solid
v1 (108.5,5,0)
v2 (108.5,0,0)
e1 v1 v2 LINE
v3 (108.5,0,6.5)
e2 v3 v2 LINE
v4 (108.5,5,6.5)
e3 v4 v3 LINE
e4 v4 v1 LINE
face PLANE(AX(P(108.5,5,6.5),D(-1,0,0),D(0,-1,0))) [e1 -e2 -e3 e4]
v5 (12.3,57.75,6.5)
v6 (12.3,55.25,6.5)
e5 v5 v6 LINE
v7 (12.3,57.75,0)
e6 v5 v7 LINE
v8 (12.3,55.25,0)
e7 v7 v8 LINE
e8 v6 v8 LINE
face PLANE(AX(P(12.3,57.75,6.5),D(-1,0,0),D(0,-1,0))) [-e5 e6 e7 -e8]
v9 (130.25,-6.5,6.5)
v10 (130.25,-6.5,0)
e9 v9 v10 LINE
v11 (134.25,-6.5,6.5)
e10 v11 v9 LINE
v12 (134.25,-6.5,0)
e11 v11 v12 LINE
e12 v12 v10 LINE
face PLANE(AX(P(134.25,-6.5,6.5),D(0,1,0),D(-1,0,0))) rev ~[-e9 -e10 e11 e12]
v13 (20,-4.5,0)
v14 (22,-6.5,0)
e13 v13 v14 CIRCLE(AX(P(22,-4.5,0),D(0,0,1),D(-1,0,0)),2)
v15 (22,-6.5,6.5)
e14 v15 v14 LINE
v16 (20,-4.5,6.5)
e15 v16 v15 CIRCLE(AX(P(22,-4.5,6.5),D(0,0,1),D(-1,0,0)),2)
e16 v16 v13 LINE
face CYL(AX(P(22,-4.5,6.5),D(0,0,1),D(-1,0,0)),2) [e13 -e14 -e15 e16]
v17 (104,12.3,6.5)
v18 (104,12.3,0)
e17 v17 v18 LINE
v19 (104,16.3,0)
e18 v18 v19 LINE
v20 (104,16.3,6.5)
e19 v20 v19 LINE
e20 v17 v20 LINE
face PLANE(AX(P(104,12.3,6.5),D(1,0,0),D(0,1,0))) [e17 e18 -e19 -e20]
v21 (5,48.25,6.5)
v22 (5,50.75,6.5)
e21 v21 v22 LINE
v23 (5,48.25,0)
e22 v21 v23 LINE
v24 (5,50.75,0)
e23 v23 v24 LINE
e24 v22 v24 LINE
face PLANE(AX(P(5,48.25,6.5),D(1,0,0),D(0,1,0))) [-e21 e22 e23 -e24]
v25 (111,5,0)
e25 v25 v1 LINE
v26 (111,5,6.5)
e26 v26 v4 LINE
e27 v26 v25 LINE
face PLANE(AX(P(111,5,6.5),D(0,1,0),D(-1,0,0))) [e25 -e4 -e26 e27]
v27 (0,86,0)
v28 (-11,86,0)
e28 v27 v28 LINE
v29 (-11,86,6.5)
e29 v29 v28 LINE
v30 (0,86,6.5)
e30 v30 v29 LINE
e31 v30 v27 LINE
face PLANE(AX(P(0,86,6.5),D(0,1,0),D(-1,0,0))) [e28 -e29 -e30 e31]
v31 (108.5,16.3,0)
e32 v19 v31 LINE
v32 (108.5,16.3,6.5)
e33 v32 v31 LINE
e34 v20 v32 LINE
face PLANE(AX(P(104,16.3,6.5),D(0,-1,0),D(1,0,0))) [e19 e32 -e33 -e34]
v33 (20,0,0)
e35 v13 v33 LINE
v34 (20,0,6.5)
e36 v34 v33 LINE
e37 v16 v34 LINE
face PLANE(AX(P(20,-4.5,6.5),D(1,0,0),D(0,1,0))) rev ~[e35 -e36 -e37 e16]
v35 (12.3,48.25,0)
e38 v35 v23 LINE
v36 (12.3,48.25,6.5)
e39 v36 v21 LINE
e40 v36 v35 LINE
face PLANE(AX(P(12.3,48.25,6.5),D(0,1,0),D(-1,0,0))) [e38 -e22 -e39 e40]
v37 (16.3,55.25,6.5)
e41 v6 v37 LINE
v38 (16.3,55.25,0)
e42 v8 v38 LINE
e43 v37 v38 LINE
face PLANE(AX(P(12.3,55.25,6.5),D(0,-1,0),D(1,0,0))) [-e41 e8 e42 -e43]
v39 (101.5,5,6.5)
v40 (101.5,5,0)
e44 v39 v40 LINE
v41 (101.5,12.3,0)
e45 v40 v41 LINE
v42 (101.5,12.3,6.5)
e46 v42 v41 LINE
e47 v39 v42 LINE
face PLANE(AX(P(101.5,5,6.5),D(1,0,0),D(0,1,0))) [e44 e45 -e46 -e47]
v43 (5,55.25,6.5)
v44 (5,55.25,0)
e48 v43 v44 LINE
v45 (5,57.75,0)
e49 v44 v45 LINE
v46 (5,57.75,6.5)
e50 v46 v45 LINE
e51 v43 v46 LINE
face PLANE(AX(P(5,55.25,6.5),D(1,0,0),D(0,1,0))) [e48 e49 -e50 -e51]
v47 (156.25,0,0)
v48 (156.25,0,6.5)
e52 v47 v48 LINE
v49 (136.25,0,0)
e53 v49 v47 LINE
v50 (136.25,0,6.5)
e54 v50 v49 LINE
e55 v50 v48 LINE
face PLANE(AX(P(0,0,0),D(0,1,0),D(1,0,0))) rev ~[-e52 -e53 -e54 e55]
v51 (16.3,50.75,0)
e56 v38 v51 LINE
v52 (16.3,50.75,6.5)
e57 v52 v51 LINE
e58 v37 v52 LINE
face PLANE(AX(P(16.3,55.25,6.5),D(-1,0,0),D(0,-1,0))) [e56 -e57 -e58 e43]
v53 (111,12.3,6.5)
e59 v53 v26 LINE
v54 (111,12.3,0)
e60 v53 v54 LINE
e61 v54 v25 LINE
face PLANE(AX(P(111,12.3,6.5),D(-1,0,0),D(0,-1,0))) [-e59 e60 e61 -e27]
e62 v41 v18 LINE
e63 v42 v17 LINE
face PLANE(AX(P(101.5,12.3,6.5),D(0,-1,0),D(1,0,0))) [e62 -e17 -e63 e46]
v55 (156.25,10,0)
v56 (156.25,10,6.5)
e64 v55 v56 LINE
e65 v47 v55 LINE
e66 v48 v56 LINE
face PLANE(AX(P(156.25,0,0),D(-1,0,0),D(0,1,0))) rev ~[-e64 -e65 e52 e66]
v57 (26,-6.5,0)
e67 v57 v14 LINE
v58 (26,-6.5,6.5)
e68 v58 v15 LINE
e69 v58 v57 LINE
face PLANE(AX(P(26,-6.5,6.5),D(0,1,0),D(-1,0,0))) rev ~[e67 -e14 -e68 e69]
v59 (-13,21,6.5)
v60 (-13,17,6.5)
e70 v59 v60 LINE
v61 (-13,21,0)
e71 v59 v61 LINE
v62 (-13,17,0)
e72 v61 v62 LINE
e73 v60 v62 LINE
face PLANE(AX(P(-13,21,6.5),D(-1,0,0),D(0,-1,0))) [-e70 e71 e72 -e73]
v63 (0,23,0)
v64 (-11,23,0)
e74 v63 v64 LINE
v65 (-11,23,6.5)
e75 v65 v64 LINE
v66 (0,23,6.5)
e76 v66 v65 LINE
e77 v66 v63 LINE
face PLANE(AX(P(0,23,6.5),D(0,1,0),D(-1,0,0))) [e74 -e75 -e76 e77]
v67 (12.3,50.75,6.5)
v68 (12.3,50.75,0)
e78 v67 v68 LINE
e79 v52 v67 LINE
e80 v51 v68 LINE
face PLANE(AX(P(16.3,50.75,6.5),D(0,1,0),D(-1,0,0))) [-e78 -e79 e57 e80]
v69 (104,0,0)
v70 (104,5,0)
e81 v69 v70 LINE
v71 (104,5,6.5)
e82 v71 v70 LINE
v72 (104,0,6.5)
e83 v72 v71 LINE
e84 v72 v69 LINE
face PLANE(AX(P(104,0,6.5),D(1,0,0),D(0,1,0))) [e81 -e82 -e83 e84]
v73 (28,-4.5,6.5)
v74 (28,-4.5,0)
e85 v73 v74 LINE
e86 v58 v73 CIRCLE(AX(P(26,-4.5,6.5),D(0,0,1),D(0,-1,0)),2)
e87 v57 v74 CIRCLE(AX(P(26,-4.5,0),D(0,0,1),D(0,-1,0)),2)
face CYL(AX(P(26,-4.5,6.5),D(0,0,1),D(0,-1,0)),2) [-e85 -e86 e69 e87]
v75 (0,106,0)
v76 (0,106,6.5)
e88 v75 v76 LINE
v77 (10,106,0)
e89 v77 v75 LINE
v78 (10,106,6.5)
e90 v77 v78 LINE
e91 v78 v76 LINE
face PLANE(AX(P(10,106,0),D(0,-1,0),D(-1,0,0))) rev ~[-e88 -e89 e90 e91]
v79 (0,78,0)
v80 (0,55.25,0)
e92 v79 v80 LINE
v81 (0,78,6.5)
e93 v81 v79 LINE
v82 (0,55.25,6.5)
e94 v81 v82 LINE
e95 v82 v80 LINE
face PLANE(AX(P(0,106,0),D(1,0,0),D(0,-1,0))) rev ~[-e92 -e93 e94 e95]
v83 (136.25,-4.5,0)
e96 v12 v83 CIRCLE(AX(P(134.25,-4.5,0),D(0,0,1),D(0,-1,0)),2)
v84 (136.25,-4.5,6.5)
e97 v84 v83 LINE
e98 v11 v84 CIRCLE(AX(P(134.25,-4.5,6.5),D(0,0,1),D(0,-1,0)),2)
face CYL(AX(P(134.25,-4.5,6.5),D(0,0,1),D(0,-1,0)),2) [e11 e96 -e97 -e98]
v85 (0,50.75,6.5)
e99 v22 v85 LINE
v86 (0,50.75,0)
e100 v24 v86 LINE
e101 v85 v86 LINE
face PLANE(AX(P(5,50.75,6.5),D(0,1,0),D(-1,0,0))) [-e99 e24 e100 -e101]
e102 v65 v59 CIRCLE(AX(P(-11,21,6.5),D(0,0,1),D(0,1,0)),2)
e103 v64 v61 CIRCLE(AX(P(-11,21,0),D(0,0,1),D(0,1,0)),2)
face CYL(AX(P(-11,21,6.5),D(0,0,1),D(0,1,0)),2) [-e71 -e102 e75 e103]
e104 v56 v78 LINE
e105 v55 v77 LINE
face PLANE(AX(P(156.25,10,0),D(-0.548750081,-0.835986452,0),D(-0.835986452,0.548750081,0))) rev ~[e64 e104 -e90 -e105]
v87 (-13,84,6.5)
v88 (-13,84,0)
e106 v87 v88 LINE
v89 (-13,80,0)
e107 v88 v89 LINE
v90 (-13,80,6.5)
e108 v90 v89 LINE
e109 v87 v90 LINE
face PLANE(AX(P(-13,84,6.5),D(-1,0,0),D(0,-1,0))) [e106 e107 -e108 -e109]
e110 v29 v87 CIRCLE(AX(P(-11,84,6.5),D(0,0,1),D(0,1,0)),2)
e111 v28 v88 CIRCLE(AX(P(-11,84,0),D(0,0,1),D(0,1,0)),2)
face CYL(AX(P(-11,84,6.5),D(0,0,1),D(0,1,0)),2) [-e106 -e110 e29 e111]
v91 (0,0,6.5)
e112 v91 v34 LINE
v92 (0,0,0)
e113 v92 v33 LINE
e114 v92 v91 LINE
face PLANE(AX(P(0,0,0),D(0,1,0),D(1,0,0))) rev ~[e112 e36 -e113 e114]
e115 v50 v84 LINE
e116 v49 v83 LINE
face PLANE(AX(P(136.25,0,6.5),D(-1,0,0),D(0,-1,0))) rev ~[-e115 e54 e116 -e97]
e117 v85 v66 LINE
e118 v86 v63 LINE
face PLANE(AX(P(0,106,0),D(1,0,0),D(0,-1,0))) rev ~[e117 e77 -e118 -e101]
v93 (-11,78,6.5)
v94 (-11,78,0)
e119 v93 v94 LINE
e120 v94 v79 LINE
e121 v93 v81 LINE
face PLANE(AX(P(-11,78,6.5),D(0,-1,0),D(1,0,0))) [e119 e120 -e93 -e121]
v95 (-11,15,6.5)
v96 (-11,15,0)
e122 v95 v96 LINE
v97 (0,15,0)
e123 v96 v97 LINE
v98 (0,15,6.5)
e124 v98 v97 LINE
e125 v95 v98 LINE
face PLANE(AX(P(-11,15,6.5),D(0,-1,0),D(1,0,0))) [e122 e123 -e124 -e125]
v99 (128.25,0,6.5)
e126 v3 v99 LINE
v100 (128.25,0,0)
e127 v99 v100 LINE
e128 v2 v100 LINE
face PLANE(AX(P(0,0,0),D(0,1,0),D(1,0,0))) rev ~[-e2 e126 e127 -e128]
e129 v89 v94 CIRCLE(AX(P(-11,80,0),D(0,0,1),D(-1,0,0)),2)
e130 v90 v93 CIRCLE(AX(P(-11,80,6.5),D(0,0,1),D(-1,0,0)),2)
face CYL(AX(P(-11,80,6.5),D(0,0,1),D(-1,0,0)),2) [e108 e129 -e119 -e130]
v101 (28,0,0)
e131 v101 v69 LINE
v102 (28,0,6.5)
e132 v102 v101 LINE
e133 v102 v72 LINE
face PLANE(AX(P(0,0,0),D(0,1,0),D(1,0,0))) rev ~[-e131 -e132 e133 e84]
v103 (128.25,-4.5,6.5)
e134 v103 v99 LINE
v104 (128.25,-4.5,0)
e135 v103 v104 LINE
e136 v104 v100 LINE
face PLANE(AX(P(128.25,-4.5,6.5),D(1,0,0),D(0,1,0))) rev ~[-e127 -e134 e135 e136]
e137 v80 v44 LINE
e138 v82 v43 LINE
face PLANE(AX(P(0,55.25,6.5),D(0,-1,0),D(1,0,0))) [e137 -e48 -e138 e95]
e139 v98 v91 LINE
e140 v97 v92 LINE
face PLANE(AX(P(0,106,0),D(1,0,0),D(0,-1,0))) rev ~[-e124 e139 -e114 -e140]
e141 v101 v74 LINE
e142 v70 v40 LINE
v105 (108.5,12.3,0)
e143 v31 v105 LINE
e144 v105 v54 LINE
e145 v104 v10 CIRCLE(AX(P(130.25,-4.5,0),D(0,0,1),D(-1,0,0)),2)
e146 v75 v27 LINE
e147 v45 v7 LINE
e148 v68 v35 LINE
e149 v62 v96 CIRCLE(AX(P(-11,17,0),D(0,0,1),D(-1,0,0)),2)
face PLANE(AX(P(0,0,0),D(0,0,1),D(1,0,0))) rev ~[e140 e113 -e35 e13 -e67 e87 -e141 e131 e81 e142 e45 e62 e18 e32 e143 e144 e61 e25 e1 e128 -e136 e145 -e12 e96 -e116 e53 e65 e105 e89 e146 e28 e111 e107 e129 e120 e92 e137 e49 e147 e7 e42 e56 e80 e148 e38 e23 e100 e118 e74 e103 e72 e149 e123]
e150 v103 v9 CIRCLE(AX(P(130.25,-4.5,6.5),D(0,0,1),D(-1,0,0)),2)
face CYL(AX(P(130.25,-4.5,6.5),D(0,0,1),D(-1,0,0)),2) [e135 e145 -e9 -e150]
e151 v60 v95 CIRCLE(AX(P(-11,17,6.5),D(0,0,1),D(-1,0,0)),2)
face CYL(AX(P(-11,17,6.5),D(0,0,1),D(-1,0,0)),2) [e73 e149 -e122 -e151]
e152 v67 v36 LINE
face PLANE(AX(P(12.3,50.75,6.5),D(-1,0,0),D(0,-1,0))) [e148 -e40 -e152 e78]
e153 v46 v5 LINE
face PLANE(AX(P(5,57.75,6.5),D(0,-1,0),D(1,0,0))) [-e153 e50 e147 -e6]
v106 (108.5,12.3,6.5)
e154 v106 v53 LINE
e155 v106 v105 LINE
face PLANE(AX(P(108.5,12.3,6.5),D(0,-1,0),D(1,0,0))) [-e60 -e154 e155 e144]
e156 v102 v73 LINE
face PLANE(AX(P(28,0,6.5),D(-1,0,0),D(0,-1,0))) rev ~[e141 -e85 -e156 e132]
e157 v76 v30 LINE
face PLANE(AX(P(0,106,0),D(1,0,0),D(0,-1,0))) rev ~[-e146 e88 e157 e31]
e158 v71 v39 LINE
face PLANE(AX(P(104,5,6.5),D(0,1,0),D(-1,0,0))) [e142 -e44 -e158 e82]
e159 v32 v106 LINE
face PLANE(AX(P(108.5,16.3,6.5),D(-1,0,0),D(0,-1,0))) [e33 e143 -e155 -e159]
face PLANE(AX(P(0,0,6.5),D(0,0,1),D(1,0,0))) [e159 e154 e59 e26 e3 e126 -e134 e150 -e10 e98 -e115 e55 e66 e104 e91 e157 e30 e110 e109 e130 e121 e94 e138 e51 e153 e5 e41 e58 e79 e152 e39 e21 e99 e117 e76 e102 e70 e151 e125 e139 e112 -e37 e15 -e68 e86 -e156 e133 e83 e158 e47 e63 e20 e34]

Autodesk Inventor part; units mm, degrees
ref_plane "YZ Plane" through (0, 0, 0) normal (1, 0, 0) x (0, 1, 0)
ref_plane "XZ Plane" through (0, 0, 0) normal (0, 1, 0) x (-1, 0, 0)
ref_plane "XY Plane" through (0, 0, 0) normal (0, 0, 1) x (1, 0, 0)
sketch "Sketch1" plane through (0, 0, 0) normal (0, 0, 1) x (1, 0, 0)
  line L0 (0, 106) -> (0, 0)
  line L1 (0, 0) -> (156.25, 0)
  line L2 (156.25, 0) -> (156.25, 10)
  line L3 (156.25, 10) -> (10, 106)
  line L4 (10, 106) -> (0, 106)
  dimension "d0" = 156.25
  dimension "d1" = 106
  dimension "d2" = 10
  dimension "d3" = 10
extrude "Extrusion1" add sketch "Sketch1" along normal blind 6.5
sketch "Sketch2" plane through (0, 0, 6.5) normal (0, 0, 1) x (1, 0, 0)
  line L0 (0, 106) -> (0, 0) projected
  line L1 (0, 0) -> (156.25, 0) projected
  line L2 (156.25, 0) -> (156.25, 10) projected
  line L3 (16.3, 55.25) -> (16.3, 50.75)
  line L4 (0, 50.75) -> (0, 55.25)
  line L5 (5, 57.75) -> (12.3, 57.75)
  line L6 (12.3, 48.25) -> (5, 48.25)
  line L7 (0, 55.25) -> (5, 55.25)
  line L8 (12.3, 55.25) -> (16.3, 55.25)
  line L9 (16.3, 50.75) -> (12.3, 50.75)
  line L10 (5, 50.75) -> (0, 50.75)
  line L11 (5, 48.25) -> (5, 50.75)
  line L12 (5, 55.25) -> (5, 57.75)
  line L13 (12.3, 57.75) -> (12.3, 55.25)
  line L14 (12.3, 50.75) -> (12.3, 48.25)
  line L15 (104, 16.3) -> (108.5, 16.3)
  line L16 (108.5, 0) -> (104, 0)
  line L17 (111, 12.3) -> (111, 5)
  line L18 (101.5, 5) -> (101.5, 12.3)
  line L19 (101.5, 12.3) -> (104, 12.3)
  line L20 (108.5, 12.3) -> (111, 12.3)
  line L21 (111, 5) -> (108.5, 5)
  line L22 (104, 5) -> (101.5, 5)
  line L23 (104, 0) -> (104, 5)
  line L24 (104, 12.3) -> (104, 16.3)
  line L25 (108.5, 16.3) -> (108.5, 12.3)
  line L26 (108.5, 5) -> (108.5, 0)
  point P0 (16.3, 53)
  point P1 (0, 53)
  point P2 (106.25, 16.3)
  dimension "d6" = 4.5
  dimension "d7" = 2.5
  dimension "d8" = 2.5
  dimension "d9" = 5
  dimension "d10" = 7.3
  dimension "d11" = 4
  dimension "d12" = 4.5
  dimension "d13" = 5
  dimension "d14" = 7.3
  dimension "d15" = 4
  dimension "d16" = 2.5
  dimension "d17" = 2.5
  dimension "d18" = 50
extrude "Extrusion2" cut sketch "Sketch2" against normal through all
sketch "Sketch3" plane through (0, 0, 6.5) normal (0, 0, 1) x (1, 0, 0)
  line L0 (0, 50.75) -> (0, 0) projected
  line L1 (0, 0) -> (104, 0) projected
  line L2 (108.5, 0) -> (156.25, 0) projected
  line L3 (10, 106) -> (0, 106) projected
  line L4 (0, 106) -> (0, 55.25) projected
  line L5 (0, 86) -> (-11, 86)
  line L6 (-13, 84) -> (-13, 80)
  line L7 (-11, 78) -> (0, 78)
  line L8 (0, 78) -> (0, 86)
  line L9 (0, 23) -> (-11, 23)
  line L10 (-13, 21) -> (-13, 17)
  line L11 (-11, 15) -> (0, 15)
  line L12 (0, 15) -> (0, 23)
  line L13 (20, 0) -> (28, 0)
  line L14 (28, 0) -> (28, -4.5)
  line L15 (26, -6.5) -> (22, -6.5)
  line L16 (20, -4.5) -> (20, 0)
  line L17 (128.25, 0) -> (136.25, 0)
  line L18 (136.25, 0) -> (136.25, -4.5)
  line L19 (134.25, -6.5) -> (130.25, -6.5)
  line L20 (128.25, -4.5) -> (128.25, 0)
  arc A0 (-11, 86) -> (-13, 84) centre (-11, 84) ccw
  arc A1 (-13, 80) -> (-11, 78) centre (-11, 80) ccw
  arc A2 (-11, 23) -> (-13, 21) centre (-11, 21) ccw
  arc A3 (-13, 17) -> (-11, 15) centre (-11, 17) ccw
  arc A4 (20, -4.5) -> (22, -6.5) centre (22, -4.5) ccw
  arc A5 (26, -6.5) -> (28, -4.5) centre (26, -4.5) ccw
  arc A6 (128.25, -4.5) -> (130.25, -6.5) centre (130.25, -4.5) ccw
  arc A7 (134.25, -6.5) -> (136.25, -4.5) centre (134.25, -4.5) ccw
  dimension "d21" = 2
  dimension "d22" = 8
  dimension "d23" = 8
  dimension "d24" = 8
  dimension "d25" = 8
  dimension "d26" = 13
  dimension "d27" = 6.5
  dimension "d28" = 15
  dimension "d29" = 20
  dimension "d30" = 20
  dimension "d31" = 20
extrude "Extrusion3" add sketch "Sketch3" against normal blind 6.5
properties part number "wiring_brace"
